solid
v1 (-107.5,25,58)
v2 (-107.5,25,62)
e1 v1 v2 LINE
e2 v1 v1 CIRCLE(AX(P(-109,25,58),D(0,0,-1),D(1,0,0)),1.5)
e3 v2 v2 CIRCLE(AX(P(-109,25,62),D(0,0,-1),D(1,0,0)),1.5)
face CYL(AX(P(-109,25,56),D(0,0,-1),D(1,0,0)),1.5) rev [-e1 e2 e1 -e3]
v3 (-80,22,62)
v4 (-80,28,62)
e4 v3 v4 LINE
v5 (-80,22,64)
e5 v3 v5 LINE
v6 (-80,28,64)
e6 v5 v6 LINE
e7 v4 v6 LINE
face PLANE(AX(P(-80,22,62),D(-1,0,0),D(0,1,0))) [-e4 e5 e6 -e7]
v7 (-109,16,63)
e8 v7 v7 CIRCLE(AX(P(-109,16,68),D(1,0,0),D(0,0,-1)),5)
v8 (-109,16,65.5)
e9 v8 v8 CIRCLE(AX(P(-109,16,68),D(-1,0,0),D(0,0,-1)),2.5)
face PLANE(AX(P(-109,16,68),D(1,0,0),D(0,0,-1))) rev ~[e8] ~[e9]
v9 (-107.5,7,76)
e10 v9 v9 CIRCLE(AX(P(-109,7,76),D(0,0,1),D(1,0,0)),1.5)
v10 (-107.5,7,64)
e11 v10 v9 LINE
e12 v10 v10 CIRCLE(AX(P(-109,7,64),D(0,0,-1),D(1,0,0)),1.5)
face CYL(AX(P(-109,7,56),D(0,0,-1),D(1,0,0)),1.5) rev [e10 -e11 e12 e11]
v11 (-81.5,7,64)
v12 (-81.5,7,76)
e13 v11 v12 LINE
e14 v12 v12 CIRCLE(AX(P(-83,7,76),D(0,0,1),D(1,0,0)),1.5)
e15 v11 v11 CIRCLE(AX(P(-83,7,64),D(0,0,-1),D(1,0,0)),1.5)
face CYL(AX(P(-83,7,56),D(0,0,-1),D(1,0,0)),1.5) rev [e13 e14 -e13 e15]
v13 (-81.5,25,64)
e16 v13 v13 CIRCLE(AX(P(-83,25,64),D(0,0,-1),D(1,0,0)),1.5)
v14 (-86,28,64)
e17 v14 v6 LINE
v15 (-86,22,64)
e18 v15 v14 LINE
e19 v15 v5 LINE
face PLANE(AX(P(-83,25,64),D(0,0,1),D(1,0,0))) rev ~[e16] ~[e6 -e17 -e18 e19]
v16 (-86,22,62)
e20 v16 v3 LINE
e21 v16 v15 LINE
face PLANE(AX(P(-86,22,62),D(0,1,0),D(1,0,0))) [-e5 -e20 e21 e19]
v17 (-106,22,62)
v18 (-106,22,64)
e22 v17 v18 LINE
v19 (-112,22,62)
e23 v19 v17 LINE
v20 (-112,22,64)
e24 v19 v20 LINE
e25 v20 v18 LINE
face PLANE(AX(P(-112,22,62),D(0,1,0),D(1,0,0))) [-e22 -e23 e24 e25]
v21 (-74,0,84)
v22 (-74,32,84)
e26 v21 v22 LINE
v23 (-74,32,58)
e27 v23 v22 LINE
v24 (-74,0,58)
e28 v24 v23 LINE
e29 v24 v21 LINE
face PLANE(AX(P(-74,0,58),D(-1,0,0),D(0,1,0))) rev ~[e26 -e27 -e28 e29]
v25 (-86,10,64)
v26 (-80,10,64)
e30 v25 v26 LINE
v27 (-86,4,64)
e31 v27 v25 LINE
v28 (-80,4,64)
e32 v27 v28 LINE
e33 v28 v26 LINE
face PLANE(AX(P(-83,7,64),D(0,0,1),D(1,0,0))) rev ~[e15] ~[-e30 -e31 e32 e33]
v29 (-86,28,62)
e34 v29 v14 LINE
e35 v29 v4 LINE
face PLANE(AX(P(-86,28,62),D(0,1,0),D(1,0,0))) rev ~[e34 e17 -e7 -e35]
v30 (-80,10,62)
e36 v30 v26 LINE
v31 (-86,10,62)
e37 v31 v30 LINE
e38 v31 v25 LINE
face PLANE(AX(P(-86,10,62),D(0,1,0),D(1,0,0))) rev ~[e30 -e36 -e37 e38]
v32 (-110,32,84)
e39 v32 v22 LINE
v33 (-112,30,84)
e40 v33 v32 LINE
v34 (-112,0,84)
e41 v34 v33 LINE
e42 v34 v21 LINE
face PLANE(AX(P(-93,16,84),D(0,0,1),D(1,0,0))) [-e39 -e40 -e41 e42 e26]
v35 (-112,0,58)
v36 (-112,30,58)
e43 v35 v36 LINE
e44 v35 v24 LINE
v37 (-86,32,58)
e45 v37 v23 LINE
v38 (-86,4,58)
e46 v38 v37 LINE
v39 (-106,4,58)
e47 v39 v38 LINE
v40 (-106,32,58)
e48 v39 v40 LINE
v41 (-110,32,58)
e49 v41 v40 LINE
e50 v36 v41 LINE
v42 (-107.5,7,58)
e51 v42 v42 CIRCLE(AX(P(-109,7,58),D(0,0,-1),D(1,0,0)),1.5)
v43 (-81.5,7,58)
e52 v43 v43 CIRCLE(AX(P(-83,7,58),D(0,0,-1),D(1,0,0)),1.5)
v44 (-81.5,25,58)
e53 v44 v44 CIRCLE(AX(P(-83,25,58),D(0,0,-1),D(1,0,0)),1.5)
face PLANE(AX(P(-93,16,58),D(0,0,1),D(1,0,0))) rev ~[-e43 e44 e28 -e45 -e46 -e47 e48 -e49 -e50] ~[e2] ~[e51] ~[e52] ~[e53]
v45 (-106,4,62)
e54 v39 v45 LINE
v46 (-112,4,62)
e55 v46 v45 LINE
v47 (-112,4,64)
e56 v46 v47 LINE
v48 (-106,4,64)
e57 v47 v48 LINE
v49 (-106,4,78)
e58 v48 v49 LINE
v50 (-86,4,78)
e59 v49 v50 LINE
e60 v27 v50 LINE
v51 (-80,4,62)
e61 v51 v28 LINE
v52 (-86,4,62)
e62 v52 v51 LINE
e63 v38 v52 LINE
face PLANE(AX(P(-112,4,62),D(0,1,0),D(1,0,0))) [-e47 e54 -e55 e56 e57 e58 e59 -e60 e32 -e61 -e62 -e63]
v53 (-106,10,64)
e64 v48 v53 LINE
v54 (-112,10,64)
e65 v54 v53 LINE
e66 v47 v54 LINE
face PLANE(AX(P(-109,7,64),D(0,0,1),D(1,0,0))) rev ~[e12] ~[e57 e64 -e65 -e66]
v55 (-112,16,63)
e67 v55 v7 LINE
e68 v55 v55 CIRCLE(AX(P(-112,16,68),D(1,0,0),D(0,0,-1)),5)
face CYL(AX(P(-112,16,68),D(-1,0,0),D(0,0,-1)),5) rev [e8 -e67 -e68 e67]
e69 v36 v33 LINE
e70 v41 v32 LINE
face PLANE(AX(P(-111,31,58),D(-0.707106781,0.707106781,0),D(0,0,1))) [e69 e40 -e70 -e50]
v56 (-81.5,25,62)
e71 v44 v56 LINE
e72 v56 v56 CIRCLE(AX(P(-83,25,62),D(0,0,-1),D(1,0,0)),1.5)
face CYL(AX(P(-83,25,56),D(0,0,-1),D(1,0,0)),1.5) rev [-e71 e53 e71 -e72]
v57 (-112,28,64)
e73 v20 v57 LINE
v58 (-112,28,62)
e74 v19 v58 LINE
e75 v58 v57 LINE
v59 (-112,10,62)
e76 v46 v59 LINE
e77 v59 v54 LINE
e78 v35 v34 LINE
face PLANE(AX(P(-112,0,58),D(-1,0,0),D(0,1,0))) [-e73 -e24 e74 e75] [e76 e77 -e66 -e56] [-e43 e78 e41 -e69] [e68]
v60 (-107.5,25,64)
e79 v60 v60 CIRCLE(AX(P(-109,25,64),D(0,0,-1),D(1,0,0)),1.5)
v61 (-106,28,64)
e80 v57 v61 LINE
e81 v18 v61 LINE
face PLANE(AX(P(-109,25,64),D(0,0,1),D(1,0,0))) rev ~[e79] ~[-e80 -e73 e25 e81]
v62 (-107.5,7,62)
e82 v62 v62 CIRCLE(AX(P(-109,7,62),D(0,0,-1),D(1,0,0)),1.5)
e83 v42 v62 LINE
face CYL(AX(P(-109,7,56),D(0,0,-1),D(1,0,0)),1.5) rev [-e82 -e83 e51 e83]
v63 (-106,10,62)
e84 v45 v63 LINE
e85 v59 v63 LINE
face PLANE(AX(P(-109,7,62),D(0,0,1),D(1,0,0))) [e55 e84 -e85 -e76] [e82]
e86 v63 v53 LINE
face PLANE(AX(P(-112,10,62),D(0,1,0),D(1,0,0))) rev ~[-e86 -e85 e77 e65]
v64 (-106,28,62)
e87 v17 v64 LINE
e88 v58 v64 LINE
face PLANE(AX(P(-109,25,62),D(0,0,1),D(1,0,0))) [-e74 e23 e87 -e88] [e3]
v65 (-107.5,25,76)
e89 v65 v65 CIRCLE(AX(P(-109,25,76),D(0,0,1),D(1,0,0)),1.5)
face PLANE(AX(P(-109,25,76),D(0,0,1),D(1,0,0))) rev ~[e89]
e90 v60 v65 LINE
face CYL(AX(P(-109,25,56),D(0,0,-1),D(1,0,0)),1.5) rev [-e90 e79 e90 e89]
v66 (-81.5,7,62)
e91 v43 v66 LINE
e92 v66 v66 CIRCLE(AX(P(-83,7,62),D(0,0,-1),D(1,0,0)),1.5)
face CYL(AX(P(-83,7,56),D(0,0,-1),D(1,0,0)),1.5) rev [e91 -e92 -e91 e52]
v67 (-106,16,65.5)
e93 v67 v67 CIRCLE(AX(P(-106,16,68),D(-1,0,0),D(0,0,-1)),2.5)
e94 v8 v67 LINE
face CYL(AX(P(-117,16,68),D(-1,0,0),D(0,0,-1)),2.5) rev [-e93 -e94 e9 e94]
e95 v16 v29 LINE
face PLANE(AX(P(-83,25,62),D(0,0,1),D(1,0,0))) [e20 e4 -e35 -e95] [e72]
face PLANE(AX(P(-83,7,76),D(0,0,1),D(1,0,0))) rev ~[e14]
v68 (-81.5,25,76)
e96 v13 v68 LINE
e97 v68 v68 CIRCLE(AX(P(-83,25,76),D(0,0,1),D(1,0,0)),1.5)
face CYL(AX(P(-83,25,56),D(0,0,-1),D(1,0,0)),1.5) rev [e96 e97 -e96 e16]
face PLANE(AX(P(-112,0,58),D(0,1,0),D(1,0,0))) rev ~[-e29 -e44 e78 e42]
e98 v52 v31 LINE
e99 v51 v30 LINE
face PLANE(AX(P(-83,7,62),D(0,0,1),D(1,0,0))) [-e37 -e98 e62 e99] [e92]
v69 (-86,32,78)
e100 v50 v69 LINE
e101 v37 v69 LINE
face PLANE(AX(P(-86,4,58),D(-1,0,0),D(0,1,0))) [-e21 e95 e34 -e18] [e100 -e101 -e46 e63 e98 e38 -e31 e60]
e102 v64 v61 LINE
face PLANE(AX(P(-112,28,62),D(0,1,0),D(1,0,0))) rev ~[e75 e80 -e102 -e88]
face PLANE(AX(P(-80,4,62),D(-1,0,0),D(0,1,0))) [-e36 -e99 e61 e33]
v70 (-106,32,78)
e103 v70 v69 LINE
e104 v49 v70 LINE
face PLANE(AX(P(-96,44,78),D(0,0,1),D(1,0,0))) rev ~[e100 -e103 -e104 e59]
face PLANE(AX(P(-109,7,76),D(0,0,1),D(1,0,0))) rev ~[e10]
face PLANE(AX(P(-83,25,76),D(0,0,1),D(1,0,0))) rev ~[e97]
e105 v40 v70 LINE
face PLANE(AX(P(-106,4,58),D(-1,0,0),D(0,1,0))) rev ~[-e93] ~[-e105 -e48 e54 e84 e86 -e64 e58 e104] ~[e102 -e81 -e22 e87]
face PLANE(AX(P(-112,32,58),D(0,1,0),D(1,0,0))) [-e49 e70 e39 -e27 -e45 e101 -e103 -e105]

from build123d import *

# Parameters (mm, degrees)
CYLINDER1785_R     = 5
CYLINDER1785_DEPTH = 3
CYLINDER1786_R     = 2.5
CYLINDER1786_DEPTH = 20
CYLINDER1781_R     = 1.5
CYLINDER1781_DEPTH = 20
CYLINDER1783_R     = 1.5
CYLINDER1783_DEPTH = 20
CYLINDER1784_R     = 1.5
CYLINDER1784_DEPTH = 20
CYLINDER1782_R     = 1.5
CYLINDER1782_DEPTH = 20
BOX744_W           = 6
BOX744_H           = 6
BOX744_DEPTH       = 2
BOX746_W           = 6
BOX746_H           = 6
BOX746_DEPTH       = 2
BOX745_W           = 6
BOX745_H           = 6
BOX745_DEPTH       = 2
BOX742_W           = 6
BOX742_H           = 6
BOX742_DEPTH       = 2
BOX743_W           = 20
BOX743_H           = 80
BOX743_DEPTH       = 20
BOX747_W           = 38
BOX747_H           = 32
BOX747_DEPTH       = 26
CHAMFER060_SIZE    = 2


with BuildPart() as v_lec1785:
    # Cylinder1785 → Cylinder1785 (new body)
    with BuildSketch(Plane(origin=(-112, 16, 66), x_dir=(0, 0, -1), z_dir=(1, 0, 0))):
        Circle(CYLINDER1785_R)
    extrude(amount=CYLINDER1785_DEPTH)


with BuildPart() as v_lec1786:
    # Cylinder1786 → Cylinder1786 (new body)
    with BuildSketch(Plane(origin=(-117, 16, 66), x_dir=(0, 0, -1), z_dir=(1, 0, 0))):
        Circle(CYLINDER1786_R)
    extrude(amount=CYLINDER1786_DEPTH)


with BuildPart() as v_lec1781:
    # Cylinder1781 → Cylinder1781 (new body)
    with BuildSketch(Plane(origin=(-83, 25, 54), x_dir=(1, 0, 0), z_dir=(0, 0, 1))):
        Circle(CYLINDER1781_R)
    extrude(amount=CYLINDER1781_DEPTH)


with BuildPart() as v_lec1783:
    # Cylinder1783 → Cylinder1783 (new body)
    with BuildSketch(Plane(origin=(-109, 7, 54), x_dir=(1, 0, 0), z_dir=(0, 0, 1))):
        Circle(CYLINDER1783_R)
    extrude(amount=CYLINDER1783_DEPTH)


with BuildPart() as v_lec1784:
    # Cylinder1784 → Cylinder1784 (new body)
    with BuildSketch(Plane(origin=(-109, 25, 54), x_dir=(1, 0, 0), z_dir=(0, 0, 1))):
        Circle(CYLINDER1784_R)
    extrude(amount=CYLINDER1784_DEPTH)


with BuildPart() as compound913:
    # Cylinder1782 → Cylinder1782 (new body)
    with BuildSketch(Plane(origin=(-83, 7, 54), x_dir=(1, 0, 0), z_dir=(0, 0, 1))):
        Circle(CYLINDER1782_R)
    extrude(amount=CYLINDER1782_DEPTH)

    # Compound913: union Válec1781, Válec1783, Válec1784
    add(v_lec1781.part)
    add(v_lec1783.part)
    add(v_lec1784.part)


with BuildPart() as krychle744:
    # Box744 → Box744 (new body)
    with BuildSketch(Plane(origin=(-112, 22, 60), x_dir=(1, 0, 0), z_dir=(0, 0, 1))):
        with Locations((3, 3)):
            Rectangle(BOX744_W, BOX744_H)
    extrude(amount=BOX744_DEPTH)


with BuildPart() as krychle746:
    # Box746 → Box746 (new body)
    with BuildSketch(Plane(origin=(-86, 4, 60), x_dir=(1, 0, 0), z_dir=(0, 0, 1))):
        with Locations((3, 3)):
            Rectangle(BOX746_W, BOX746_H)
    extrude(amount=BOX746_DEPTH)


with BuildPart() as krychle745:
    # Box745 → Box745 (new body)
    with BuildSketch(Plane(origin=(-86, 22, 60), x_dir=(1, 0, 0), z_dir=(0, 0, 1))):
        with Locations((3, 3)):
            Rectangle(BOX745_W, BOX745_H)
    extrude(amount=BOX745_DEPTH)


with BuildPart() as compound912:
    # Box742 → Box742 (new body)
    with BuildSketch(Plane(origin=(-112, 4, 60), x_dir=(1, 0, 0), z_dir=(0, 0, 1))):
        with Locations((3, 3)):
            Rectangle(BOX742_W, BOX742_H)
    extrude(amount=BOX742_DEPTH)

    # Compound912: union Krychle744, Krychle746, Krychle745
    add(krychle744.part)
    add(krychle746.part)
    add(krychle745.part)


with BuildPart() as krychle743:
    # Box743 → Box743 (new body)
    with BuildSketch(Plane(origin=(-106, 4, 56), x_dir=(1, 0, 0), z_dir=(0, 0, 1))):
        with Locations((10, 40)):
            Rectangle(BOX743_W, BOX743_H)
    extrude(amount=BOX743_DEPTH)


with BuildPart() as chamfer060:
    # Box747 → Box747 (new body)
    with BuildSketch(Plane(origin=(-112, 0, 56), x_dir=(1, 0, 0), z_dir=(0, 0, 1))):
        with Locations((19, 16)):
            Rectangle(BOX747_W, BOX747_H)
    extrude(amount=BOX747_DEPTH)

    # Cut546: cut Krychle743
    add(krychle743.part, mode=Mode.SUBTRACT)

    # Cut547: cut Compound912
    add(compound912.part, mode=Mode.SUBTRACT)

    # Cut541: cut Compound913
    add(compound913.part, mode=Mode.SUBTRACT)

    # Cut542: cut Válec1786
    add(v_lec1786.part, mode=Mode.SUBTRACT)

    # Cut543: cut Válec1785
    add(v_lec1785.part, mode=Mode.SUBTRACT)

    # Chamfer060
    chamfer060_edges = [chamfer060.edges().sort_by_distance(p)[0] for p in [
        (-112, 32, 69),
    ]]
    chamfer(chamfer060_edges, length=CHAMFER060_SIZE)


with BuildPart() as chamfer060_1:
    # Chamfer060 placement: moved
    add(chamfer060.part.moved(Location((0, 0, 2))))


solid = chamfer060_1.part
